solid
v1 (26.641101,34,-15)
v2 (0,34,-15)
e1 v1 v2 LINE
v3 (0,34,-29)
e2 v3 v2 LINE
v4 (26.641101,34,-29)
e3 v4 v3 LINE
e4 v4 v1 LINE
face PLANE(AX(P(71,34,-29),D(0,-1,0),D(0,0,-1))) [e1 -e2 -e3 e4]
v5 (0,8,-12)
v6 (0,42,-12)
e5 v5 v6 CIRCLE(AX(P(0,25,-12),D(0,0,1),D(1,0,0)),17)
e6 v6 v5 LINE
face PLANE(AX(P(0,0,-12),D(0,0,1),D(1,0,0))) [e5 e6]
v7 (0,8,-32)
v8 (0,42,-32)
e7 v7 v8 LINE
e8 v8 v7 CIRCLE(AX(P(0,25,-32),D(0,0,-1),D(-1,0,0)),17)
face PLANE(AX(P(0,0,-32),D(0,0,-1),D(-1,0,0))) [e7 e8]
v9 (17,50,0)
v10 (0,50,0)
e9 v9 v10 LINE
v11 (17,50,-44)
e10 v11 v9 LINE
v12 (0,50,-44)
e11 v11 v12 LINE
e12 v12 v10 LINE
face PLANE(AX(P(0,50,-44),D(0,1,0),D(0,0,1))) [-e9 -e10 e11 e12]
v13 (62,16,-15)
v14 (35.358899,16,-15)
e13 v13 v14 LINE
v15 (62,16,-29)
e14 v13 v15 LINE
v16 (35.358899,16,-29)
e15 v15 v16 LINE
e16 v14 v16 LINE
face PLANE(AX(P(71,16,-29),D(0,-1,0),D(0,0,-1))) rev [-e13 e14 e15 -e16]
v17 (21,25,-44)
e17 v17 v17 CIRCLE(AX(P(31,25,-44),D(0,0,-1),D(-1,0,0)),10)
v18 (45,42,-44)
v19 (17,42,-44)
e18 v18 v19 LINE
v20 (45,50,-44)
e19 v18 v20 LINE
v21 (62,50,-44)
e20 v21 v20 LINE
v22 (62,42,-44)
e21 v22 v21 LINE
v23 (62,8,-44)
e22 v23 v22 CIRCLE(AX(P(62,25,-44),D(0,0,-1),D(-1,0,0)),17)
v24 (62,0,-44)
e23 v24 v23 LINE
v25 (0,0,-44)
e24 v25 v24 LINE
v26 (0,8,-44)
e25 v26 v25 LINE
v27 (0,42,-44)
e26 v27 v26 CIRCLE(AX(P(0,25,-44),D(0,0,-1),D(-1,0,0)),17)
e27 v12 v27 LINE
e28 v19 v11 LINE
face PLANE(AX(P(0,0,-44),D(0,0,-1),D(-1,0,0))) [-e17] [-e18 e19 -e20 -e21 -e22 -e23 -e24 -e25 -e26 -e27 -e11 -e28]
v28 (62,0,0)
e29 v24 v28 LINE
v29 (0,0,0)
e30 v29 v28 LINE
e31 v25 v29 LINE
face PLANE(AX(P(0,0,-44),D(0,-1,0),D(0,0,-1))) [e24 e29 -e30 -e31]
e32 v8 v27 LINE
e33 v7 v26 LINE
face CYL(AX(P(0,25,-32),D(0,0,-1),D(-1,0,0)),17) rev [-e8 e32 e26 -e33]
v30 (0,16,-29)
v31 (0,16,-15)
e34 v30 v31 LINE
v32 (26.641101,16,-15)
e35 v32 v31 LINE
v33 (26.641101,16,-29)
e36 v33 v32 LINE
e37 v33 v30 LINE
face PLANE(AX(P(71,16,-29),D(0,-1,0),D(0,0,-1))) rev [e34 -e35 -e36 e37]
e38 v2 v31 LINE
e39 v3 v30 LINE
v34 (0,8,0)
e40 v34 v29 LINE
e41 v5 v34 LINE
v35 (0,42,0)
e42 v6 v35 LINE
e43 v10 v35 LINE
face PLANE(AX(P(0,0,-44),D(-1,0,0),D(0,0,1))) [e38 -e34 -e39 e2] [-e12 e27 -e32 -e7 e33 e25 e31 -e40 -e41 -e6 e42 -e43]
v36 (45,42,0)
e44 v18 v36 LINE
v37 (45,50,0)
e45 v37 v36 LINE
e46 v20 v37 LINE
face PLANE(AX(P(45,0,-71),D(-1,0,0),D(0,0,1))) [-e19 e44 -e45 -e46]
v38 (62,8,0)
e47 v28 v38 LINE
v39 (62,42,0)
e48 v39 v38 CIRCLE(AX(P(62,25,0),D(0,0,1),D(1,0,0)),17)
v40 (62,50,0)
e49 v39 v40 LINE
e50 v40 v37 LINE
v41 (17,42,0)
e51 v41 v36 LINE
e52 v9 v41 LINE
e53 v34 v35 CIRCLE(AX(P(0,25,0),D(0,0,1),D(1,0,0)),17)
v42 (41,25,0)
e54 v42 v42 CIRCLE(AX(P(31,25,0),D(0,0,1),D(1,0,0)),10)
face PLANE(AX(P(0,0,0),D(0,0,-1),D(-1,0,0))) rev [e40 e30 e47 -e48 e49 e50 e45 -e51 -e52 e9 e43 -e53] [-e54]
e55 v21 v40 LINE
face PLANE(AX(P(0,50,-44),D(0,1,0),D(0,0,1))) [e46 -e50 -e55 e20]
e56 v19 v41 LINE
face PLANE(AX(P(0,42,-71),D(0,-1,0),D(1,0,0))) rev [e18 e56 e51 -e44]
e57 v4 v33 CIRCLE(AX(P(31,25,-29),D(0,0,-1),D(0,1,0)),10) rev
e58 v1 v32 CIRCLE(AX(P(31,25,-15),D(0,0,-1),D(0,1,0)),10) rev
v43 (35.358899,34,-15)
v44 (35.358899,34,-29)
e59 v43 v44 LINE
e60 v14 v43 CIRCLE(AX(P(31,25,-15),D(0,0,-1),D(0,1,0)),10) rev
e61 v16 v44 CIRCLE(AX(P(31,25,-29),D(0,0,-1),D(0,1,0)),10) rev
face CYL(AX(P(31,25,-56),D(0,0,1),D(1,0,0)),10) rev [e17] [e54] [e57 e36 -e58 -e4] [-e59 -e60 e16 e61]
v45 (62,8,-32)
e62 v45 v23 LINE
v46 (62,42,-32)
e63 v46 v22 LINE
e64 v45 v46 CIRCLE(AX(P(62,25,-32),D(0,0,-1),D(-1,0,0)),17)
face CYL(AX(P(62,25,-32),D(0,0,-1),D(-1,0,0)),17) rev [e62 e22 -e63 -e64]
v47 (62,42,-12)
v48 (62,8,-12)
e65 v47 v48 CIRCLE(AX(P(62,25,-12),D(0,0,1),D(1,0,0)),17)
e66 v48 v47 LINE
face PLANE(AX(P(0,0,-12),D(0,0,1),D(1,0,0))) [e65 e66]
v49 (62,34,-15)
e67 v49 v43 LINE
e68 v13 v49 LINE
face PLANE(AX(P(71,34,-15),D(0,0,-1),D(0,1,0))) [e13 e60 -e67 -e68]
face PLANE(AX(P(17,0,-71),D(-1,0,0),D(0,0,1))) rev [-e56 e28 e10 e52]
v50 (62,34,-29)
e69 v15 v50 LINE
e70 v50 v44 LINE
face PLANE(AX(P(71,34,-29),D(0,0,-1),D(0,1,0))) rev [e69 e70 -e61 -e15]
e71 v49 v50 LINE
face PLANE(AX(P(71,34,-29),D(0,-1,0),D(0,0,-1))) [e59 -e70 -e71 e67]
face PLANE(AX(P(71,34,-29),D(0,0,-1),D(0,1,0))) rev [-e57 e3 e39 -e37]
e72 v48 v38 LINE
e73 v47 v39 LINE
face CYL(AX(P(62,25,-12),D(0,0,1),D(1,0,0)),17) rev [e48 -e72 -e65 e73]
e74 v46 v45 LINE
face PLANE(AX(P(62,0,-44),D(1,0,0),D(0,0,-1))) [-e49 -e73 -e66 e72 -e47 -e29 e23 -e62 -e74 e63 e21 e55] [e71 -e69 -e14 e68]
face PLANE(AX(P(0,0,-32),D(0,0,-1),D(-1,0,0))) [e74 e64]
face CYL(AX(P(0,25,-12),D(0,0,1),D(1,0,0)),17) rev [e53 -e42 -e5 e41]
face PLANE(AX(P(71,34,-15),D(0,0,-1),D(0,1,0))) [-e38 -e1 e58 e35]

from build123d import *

# Parameters (mm, degrees)
SKETCH1_W           = 62
SKETCH1_H           = 50
BOSS_EXTRUDE1_DEPTH = 44
SKETCH2_R           = 10
CUT_EXTRUDE1_DEPTH  = 56
CUT_EXTRUDE2_DEPTH  = 12
CUT_EXTRUDE3_START  = -12
CUT_EXTRUDE3_DEPTH  = 12
SKETCH5_W           = 28
SKETCH5_H           = 8
CUT_EXTRUDE4_DEPTH  = 71
SKETCH6_W           = 14
SKETCH6_H           = 18
CUT_EXTRUDE5_DEPTH  = 71


with BuildPart() as part:
    # Sketch1 → Boss-Extrude1 (new body)
    with BuildSketch(Plane.XY):
        with Locations((31, 25)):
            Rectangle(SKETCH1_W, SKETCH1_H)
    extrude(amount=-BOSS_EXTRUDE1_DEPTH)

    # Sketch2 → Cut-Extrude1 (cut)
    with BuildSketch(Plane.XY):
        with Locations((31, 25)):
            Circle(SKETCH2_R)
    extrude(amount=-CUT_EXTRUDE1_DEPTH, mode=Mode.SUBTRACT)

    # Sketch3 → Cut-Extrude2 (cut)
    with BuildSketch(Plane.XY):
        with BuildLine():
            ThreePointArc((17, 25), (12.02081528, 37.02081528), (0, 42))
            Line((0, 42), (0, 8))
            ThreePointArc((0, 8), (12.02081528, 12.97918472), (17, 25))
        make_face()
        with BuildLine():
            Line((0, 8), (0, 42))
            ThreePointArc((0, 42), (-17, 25), (0, 8))
        make_face()
        with BuildLine():
            ThreePointArc((79, 25), (74.02081528, 37.02081528), (62, 42))
            Line((62, 42), (62, 8))
            ThreePointArc((62, 8), (74.02081528, 12.97918472), (79, 25))
        make_face()
        with BuildLine():
            Line((62, 8), (62, 42))
            ThreePointArc((62, 42), (45, 25), (62, 8))
        make_face()
    extrude(amount=-CUT_EXTRUDE2_DEPTH, mode=Mode.SUBTRACT)

    # Sketch4 → Cut-Extrude3 (cut)
    with BuildSketch(Plane(origin=(0, 0, -44), x_dir=(-1, 0, 0), z_dir=(0, 0, -1)).offset(CUT_EXTRUDE3_START)):
        with BuildLine():
            ThreePointArc((-62, 42), (-79, 25), (-62, 8))
            Line((-62, 8), (-62, 42))
        make_face()
        with BuildLine():
            Line((-62, 42), (-62, 8))
            ThreePointArc((-62, 8), (-49.97918472, 12.97918472), (-45, 25))
            ThreePointArc((-45, 25), (-49.97918472, 37.02081528), (-62, 42))
        make_face()
        with BuildLine():
            ThreePointArc((0, 42), (-17, 25), (0, 8))
            Line((0, 8), (0, 42))
        make_face()
        with BuildLine():
            Line((0, 42), (0, 8))
            ThreePointArc((0, 8), (12.02081528, 12.97918472), (17, 25))
            ThreePointArc((17, 25), (12.02081528, 37.02081528), (0, 42))
        make_face()
    extrude(amount=CUT_EXTRUDE3_DEPTH, mode=Mode.SUBTRACT)

    # Sketch5 → Cut-Extrude4 (cut)
    with BuildSketch(Plane.XY):
        with Locations((31, 46)):
            Rectangle(SKETCH5_W, SKETCH5_H)
    extrude(amount=-CUT_EXTRUDE4_DEPTH, mode=Mode.SUBTRACT)

    # Sketch6 → Cut-Extrude5 (cut)
    with BuildSketch(Plane.ZY):
        with Locations((-22, 25)):
            Rectangle(SKETCH6_W, SKETCH6_H)
    extrude(amount=-CUT_EXTRUDE5_DEPTH, mode=Mode.SUBTRACT)


solid = part.part
